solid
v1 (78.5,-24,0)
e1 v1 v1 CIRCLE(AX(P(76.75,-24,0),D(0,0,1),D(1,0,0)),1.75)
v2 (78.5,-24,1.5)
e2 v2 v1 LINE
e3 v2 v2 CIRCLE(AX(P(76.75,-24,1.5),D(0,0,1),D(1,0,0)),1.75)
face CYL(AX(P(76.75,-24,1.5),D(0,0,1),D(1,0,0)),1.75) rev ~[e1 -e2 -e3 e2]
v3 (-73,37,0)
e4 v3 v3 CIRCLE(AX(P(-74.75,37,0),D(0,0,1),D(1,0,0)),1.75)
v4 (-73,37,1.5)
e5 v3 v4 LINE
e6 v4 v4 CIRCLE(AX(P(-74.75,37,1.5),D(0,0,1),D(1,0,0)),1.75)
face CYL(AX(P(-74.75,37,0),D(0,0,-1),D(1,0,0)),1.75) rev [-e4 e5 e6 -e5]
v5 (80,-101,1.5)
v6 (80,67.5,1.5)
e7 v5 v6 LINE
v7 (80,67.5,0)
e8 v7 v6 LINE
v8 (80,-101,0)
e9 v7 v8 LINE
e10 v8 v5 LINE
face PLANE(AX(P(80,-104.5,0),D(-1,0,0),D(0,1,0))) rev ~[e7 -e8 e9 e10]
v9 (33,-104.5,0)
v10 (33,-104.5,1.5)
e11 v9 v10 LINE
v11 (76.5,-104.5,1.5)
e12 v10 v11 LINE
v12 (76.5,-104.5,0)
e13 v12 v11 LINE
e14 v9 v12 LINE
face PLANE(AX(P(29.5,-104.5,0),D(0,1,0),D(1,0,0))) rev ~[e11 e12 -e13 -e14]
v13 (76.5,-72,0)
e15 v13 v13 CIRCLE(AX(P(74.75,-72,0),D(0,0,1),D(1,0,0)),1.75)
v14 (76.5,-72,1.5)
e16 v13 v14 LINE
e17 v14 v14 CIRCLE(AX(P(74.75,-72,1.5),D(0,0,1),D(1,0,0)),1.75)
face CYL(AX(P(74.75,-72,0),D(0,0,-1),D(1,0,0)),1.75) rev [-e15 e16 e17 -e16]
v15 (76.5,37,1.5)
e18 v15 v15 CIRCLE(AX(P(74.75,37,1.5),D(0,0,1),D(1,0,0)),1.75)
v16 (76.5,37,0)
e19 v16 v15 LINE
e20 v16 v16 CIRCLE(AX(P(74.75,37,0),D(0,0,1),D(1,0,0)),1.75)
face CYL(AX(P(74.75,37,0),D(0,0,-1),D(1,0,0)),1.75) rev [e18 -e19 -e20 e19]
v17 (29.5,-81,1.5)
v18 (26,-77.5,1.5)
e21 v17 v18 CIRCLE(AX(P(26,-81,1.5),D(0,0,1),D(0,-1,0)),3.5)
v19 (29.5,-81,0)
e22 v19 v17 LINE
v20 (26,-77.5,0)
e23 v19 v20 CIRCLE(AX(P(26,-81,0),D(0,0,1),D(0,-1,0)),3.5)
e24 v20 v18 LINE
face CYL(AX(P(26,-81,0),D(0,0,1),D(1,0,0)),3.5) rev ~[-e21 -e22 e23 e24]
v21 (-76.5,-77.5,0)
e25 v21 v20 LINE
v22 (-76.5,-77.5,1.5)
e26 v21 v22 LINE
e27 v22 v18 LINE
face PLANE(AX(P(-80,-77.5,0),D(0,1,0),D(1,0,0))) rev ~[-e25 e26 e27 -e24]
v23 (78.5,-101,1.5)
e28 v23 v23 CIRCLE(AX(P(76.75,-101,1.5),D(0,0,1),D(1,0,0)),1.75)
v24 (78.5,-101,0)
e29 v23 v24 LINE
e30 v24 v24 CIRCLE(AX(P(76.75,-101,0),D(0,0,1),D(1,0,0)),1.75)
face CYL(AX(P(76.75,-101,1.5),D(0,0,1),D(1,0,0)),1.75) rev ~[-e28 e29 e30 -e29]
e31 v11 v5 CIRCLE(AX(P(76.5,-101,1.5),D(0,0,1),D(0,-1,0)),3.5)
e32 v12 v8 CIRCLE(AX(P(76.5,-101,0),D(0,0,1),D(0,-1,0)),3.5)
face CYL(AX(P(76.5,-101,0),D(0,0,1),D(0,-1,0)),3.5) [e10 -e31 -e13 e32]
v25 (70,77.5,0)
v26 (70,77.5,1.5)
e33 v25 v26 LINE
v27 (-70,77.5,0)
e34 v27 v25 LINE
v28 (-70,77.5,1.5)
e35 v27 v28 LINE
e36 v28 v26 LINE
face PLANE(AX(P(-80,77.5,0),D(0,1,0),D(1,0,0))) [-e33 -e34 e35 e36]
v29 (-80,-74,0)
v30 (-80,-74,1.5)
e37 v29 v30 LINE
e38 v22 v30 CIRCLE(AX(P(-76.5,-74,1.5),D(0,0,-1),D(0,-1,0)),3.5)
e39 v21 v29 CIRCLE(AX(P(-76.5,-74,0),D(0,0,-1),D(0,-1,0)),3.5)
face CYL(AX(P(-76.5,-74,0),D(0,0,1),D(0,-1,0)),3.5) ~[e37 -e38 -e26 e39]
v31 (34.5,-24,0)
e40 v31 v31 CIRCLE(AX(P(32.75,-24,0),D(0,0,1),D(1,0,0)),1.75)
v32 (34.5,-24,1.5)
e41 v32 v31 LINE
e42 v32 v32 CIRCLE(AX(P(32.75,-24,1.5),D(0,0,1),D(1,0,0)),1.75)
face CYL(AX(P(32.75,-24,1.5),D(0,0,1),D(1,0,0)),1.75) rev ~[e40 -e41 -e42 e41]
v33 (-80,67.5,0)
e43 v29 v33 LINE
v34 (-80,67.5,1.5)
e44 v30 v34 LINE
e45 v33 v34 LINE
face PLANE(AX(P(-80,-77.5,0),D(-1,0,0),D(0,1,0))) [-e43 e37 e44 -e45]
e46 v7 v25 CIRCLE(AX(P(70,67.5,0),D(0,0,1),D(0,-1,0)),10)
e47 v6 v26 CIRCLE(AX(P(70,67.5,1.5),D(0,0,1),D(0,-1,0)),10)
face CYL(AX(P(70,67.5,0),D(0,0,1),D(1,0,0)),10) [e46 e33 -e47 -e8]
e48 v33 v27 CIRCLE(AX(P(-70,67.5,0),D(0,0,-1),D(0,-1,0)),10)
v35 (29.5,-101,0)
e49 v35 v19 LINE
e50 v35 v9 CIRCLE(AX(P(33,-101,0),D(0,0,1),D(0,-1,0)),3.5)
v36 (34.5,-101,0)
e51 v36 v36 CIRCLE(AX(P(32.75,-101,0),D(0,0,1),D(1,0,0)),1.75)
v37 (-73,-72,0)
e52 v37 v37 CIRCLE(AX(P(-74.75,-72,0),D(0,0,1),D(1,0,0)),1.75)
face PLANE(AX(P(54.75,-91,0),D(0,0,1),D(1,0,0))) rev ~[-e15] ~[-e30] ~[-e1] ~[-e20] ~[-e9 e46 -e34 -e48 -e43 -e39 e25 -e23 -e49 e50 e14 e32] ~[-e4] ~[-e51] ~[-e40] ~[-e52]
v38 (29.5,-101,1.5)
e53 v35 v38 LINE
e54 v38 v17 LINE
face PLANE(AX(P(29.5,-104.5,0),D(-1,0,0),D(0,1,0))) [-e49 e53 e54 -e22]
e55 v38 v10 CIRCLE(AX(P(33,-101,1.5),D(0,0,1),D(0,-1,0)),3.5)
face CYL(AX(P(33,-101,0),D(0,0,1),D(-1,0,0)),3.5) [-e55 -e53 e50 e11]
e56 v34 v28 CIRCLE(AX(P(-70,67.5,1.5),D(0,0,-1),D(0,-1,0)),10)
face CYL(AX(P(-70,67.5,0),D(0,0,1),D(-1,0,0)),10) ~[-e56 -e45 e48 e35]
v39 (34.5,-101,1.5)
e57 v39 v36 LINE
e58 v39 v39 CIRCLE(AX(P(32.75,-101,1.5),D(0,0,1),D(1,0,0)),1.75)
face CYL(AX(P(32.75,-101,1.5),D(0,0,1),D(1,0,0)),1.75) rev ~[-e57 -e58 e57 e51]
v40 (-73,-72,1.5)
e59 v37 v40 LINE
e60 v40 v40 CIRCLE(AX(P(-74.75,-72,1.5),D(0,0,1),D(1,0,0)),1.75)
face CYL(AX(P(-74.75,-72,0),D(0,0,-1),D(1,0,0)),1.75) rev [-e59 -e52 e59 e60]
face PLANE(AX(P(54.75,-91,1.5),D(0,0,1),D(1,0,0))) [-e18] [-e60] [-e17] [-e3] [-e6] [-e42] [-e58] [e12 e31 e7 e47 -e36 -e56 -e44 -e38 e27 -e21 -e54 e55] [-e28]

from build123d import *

# Parameters (mm, degrees)
F0_W     = 160
F0_H     = 155
F0_R     = 1.75
F1_DEPTH = 1.5
F2_W     = 50.5
F2_H     = 27
F3_DEPTH = 1.5
F4_R     = 1.75
F5_DEPTH = 25
F6_R     = 3.5
F7_R     = 10


with BuildPart() as f1:
    # F0 (on Top) → F1 (new body)
    with BuildSketch(Plane.XY):
        Rectangle(F0_W, F0_H)
        with Locations((-74.75, -72)):
            Circle(F0_R, mode=Mode.SUBTRACT)
        with Locations((74.75, -72)):
            Circle(F0_R, mode=Mode.SUBTRACT)
        with Locations((-74.75, 37)):
            Circle(F0_R, mode=Mode.SUBTRACT)
        with Locations((74.75, 37)):
            Circle(F0_R, mode=Mode.SUBTRACT)
    extrude(amount=F1_DEPTH)

    # F2 (on Top) → F3 (join)
    with BuildSketch(Plane.XY):
        with Locations((54.75, -91)):
            Rectangle(F2_W, F2_H)
    extrude(amount=F3_DEPTH)

    # F4 (on face) → F5 (cut)
    with BuildSketch(Plane.XY.offset(1.5)):
        with Locations((76.75, -101)):
            Circle(F4_R)
        with Locations((32.75, -101)):
            Circle(F4_R)
        with Locations((32.75, -24)):
            Circle(F4_R)
        with Locations((76.75, -24)):
            Circle(F4_R)
    extrude(amount=-F5_DEPTH, mode=Mode.SUBTRACT)

    # F6
    f6_edges = [f1.edges().sort_by_distance(p)[0] for p in [
        (80, -104.5, 0.75),
        (29.5, -104.5, 0.75),
        (29.5, -77.5, 0.75),
        (-80, -77.5, 0.75),
    ]]
    fillet(f6_edges, radius=F6_R)

    # F7
    f7_edges = [f1.edges().sort_by_distance(p)[0] for p in [
        (80, 77.5, 0.75),
        (-80, 77.5, 0.75),
    ]]
    fillet(f7_edges, radius=F7_R)


solid = f1.part
